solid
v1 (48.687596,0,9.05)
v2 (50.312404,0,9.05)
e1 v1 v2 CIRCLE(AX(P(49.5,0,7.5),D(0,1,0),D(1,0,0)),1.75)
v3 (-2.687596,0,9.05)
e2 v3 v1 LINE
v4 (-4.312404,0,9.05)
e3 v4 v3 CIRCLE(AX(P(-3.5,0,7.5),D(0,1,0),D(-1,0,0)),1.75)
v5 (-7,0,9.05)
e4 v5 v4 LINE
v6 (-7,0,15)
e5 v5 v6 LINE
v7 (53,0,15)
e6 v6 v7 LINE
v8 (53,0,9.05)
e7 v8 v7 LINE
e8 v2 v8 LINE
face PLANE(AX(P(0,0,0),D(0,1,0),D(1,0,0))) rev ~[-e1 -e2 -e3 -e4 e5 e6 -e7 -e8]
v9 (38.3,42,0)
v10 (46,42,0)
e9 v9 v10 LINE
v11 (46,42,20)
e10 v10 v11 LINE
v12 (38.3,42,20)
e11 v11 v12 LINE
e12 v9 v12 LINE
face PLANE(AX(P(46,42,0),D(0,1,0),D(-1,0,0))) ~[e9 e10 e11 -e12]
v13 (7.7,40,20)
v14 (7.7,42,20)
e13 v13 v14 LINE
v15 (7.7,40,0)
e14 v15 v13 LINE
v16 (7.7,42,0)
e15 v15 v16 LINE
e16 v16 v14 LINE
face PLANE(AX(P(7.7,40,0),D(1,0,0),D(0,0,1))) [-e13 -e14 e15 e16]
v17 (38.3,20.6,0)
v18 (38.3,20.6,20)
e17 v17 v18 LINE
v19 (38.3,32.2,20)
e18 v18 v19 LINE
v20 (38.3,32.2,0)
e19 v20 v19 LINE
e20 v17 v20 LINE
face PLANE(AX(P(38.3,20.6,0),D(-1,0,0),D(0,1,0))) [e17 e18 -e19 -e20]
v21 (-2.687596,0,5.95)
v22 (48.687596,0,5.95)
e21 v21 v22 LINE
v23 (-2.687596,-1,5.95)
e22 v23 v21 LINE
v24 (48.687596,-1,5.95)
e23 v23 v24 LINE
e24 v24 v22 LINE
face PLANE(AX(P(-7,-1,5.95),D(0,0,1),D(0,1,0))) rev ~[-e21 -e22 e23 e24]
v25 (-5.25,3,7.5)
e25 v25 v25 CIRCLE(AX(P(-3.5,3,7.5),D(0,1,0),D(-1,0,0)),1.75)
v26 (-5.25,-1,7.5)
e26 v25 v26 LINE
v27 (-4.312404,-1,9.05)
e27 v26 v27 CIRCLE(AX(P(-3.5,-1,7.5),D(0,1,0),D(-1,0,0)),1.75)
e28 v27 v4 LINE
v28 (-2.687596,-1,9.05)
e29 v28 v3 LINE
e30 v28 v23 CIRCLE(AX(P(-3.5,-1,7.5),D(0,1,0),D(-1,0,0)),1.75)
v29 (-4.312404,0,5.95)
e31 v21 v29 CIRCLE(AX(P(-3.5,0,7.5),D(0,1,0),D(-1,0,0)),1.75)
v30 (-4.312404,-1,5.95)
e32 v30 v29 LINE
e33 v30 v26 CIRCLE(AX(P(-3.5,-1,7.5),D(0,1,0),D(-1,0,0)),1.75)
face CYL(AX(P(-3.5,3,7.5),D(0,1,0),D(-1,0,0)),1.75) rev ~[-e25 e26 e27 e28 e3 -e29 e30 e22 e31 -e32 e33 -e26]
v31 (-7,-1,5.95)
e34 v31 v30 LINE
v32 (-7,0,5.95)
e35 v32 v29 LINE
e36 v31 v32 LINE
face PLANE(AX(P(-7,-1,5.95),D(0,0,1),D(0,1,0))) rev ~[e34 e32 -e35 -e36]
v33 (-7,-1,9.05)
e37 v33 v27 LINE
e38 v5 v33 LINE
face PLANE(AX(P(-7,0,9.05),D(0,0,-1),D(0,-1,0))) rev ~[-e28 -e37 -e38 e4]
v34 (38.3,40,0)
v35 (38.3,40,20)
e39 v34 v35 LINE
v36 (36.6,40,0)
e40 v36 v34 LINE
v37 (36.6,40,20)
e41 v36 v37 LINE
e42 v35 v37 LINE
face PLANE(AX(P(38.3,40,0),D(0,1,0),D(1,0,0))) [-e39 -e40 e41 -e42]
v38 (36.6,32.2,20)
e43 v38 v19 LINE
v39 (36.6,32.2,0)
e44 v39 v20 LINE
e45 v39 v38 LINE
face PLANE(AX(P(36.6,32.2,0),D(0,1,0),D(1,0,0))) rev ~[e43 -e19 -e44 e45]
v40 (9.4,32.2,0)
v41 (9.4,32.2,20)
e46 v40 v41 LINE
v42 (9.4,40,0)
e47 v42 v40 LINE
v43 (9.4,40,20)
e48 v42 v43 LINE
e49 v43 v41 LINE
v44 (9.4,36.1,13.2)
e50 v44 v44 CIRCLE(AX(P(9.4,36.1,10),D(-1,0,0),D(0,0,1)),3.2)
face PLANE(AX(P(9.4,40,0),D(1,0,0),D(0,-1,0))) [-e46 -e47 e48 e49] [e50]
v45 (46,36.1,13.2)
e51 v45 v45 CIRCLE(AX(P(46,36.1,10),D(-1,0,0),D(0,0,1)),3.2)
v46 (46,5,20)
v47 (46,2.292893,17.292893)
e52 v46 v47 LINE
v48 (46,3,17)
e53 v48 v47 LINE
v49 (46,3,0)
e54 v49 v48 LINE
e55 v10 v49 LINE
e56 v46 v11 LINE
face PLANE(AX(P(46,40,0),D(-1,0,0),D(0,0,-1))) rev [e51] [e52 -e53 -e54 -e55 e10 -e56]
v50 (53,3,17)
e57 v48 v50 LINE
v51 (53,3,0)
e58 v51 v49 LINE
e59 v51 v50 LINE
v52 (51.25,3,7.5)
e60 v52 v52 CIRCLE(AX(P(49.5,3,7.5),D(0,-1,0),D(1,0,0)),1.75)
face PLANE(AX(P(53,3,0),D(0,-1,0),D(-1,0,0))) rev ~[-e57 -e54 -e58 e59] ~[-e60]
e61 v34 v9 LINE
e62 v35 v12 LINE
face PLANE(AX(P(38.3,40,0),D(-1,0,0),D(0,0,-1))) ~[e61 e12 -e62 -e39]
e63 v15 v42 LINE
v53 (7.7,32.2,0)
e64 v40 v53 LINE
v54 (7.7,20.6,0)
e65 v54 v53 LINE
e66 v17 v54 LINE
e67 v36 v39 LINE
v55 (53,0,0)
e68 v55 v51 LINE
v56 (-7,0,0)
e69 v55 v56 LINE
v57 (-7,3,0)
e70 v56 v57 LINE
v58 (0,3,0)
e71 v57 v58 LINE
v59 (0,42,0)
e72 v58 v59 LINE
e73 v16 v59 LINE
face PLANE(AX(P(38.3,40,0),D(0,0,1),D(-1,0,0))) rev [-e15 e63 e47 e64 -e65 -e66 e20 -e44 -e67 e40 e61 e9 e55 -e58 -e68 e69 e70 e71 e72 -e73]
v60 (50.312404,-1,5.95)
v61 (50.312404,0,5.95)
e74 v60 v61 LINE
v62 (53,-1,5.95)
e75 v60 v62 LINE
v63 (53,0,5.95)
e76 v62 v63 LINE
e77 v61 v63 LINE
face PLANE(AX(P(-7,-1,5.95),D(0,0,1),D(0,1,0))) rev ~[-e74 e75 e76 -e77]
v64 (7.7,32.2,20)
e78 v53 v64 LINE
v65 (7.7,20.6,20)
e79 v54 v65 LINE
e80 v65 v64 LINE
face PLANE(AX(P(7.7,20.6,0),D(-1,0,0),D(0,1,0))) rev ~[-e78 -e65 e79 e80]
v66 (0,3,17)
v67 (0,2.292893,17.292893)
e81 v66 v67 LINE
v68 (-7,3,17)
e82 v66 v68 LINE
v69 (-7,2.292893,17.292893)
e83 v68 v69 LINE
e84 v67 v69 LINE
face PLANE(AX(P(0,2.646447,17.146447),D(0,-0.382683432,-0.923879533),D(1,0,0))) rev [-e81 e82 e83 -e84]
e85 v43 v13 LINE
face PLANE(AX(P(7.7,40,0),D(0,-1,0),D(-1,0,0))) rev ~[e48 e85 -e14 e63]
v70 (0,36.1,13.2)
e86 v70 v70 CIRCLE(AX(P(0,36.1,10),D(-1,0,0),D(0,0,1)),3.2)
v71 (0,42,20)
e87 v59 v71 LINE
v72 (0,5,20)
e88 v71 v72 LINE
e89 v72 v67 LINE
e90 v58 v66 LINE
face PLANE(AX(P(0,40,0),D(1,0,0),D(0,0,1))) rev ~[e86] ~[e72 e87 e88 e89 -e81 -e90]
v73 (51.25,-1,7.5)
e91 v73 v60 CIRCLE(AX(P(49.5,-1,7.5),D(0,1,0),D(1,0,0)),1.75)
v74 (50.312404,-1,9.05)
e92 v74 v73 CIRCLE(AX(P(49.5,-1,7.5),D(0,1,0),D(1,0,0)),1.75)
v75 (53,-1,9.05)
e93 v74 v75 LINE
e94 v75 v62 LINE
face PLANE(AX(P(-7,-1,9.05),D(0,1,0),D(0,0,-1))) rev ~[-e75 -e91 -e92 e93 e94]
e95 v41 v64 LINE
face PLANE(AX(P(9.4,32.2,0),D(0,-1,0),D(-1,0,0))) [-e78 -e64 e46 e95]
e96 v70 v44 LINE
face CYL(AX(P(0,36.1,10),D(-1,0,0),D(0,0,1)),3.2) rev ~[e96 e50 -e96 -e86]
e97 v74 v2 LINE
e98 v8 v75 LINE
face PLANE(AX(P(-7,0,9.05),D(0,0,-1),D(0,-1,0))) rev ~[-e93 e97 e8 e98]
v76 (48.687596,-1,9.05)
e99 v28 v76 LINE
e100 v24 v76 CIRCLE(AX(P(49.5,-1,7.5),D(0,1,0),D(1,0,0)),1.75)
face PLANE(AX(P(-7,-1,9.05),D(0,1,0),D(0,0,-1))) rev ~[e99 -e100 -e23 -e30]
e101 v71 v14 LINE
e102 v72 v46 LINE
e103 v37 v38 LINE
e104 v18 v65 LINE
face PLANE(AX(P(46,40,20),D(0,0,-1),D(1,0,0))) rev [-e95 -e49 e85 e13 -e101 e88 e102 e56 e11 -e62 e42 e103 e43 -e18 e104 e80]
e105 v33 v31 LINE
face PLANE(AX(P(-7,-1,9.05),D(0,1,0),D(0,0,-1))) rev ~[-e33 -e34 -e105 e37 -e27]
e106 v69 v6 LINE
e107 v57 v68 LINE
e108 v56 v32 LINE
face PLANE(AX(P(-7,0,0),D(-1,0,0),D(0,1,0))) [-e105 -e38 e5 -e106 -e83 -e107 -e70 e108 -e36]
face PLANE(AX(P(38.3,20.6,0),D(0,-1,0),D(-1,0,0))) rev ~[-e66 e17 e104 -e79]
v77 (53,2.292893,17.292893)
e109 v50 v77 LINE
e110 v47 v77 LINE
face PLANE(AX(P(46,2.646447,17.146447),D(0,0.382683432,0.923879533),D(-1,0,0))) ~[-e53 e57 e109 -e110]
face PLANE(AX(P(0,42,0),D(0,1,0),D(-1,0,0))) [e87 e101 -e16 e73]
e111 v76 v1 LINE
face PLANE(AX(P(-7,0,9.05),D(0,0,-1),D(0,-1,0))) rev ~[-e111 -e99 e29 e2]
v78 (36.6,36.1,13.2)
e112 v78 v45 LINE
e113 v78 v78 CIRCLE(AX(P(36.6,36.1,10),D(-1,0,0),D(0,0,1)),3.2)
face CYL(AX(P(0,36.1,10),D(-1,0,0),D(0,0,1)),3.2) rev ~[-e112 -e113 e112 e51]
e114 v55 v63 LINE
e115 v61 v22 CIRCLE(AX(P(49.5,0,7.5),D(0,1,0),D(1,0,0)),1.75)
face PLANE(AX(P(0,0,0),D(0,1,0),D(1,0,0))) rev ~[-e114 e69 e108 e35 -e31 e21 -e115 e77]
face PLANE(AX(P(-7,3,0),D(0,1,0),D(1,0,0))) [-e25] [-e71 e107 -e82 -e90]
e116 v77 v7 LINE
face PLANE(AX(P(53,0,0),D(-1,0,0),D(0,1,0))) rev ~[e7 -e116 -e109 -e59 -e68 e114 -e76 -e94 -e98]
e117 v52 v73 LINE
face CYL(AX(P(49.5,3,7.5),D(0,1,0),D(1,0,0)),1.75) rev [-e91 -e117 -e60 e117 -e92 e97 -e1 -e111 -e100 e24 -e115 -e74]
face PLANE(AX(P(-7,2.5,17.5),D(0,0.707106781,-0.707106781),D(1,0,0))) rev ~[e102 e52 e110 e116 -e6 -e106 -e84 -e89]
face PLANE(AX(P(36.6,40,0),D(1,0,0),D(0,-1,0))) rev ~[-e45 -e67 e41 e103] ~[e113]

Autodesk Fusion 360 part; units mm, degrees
sketch "Sketch1" plane through (0, 0, 0) normal (0, 0, 1) x (1, 0, 0)
  line L0 (0, 0) -> (46, 0)
  line L1 (46, 0) -> (46, 20.6)
  line L2 (46, 20.6) -> (0, 20.6)
  line L3 (0, 20.6) -> (0, 0)
  line L4 (0, 20.6) -> (7.7, 20.6)
  line L5 (7.7, 20.6) -> (7.7, 40)
  line L6 (7.7, 40) -> (0, 40)
  line L7 (0, 40) -> (0, 20.6)
  line L8 (7.7, 40) -> (9.4, 40)
  line L9 (9.4, 40) -> (9.4, 32.2)
  line L10 (9.4, 32.2) -> (7.7, 32.2)
  line L11 (7.7, 32.2) -> (7.7, 40)
  line L12 (23, 20.6) -> (23, 0) construction
  line L13 (46, 20.6) -> (38.3, 20.6)
  line L14 (38.3, 20.6) -> (38.3, 40)
  line L15 (46, 40) -> (46, 20.6)
  line L16 (38.3, 40) -> (46, 40)
  line L17 (38.3, 40) -> (36.6, 40)
  line L18 (36.6, 32.2) -> (38.3, 32.2)
  line L19 (38.3, 32.2) -> (38.3, 40)
  line L20 (36.6, 40) -> (36.6, 32.2)
  line L21 (0, 0) -> (-7, 0)
  line L22 (-7, 0) -> (-7, 3)
  line L23 (-7, 3) -> (0, 3)
  line L24 (0, 3) -> (0, 0)
  line L25 (46, 0) -> (53, 0)
  line L26 (53, 0) -> (53, 3)
  line L27 (53, 3) -> (46, 3)
  line L28 (46, 3) -> (46, 0)
  dimension "d1" = 20.6
  dimension "d2" = 46
  dimension "d3" = 7.7
  dimension "d6" = 40
  dimension "d7" = 7.8
  dimension "d8" = 1.7
  dimension "d9" = 7
  dimension "d10" = 3
  dimension "d11" = 3
  dimension "d12" = 7
extrude "Extrude1" add sketch "Sketch1" along normal blind 20
chamfer "Chamfer1" distance 5 angle 45 1 edges at (23, 0, 20)
sketch "Sketch2" plane through (-7, 0, 0) normal (-1, 0, 0) x (0, 0, 1)
  line L0 (15, 0) -> (18, 3)
  line L1 (18, 3) -> (0, 3)
  line L2 (0, 3) -> (0, 0)
  line L3 (0, 0) -> (15, 0)
  line L4 (5.95, 0) -> (9.05, 0)
  line L5 (9.05, 0) -> (9.05, -1)
  line L6 (9.05, -1) -> (5.95, -1)
  line L7 (5.95, -1) -> (5.95, 0)
  point P0 (7.5, 0)
  dimension "d16" = 1
  dimension "d17" = 3.1
extrude "Extrude2" add sketch "Sketch2" against normal up to surface (60 mm away) contours L3 L4 L5 L6 L7
sketch "Sketch3" plane through (0, 0, 0) normal (-1, 0, 0) x (0, 0, 1)
  line L0 (18, 3) -> (20, 5)
  line L1 (20, 5) -> (20, 40)
  line L2 (20, 40) -> (0, 40)
  line L3 (0, 40) -> (0, 3)
  line L4 (0, 3) -> (18, 3)
  circle A0 centre (10, 36.1) radius 3.2
  line L5 (0, 40) -> (0, 32.2)
  point P0 (10, 40)
  point P1 (0, 36.1)
  dimension "d20" = 6.4
extrude "Extrude3" cut sketch "Sketch3" against normal through all contours A0
sketch "Sketch4" plane through (0, 40, 0) normal (0, 1, 0) x (-1, 0, 0)
  line L0 (-9.4, 0) -> (0, 0)
  line L1 (0, 0) -> (0, 20)
  line L2 (0, 20) -> (-9.4, 20)
  line L3 (-9.4, 20) -> (-9.4, 0)
  line L4 (0, 0) -> (-7.7, 0)
  line L5 (-7.7, 0) -> (-7.7, 20)
  line L6 (-7.7, 20) -> (0, 20)
  line L7 (0, 20) -> (0, 0)
  point P0 (-7.7, 0)
extrude "Extrude4" add sketch "Sketch4" along normal blind 2 contours L0 L1 L2 L4 L5 L6 L7
ref_plane "WorkPlane1" through (23, 22.5, 10) normal (-1, 0, 0) x (0, -1, 0)
mirror "Mirror1" about plane through (23, 22.5, 10) normal (-1, 0, 0) of "Extrude4"
sketch "Sketch5" plane through (0, 3, 0) normal (0, 1, 0) x (-1, 0, 0)
  line L0 (7, 18) -> (0, 18)
  line L1 (0, 18) -> (0, 0)
  line L2 (0, 0) -> (7, 0)
  line L3 (7, 0) -> (7, 18)
  line L4 (7, 9.05) -> (7, 5.95)
  circle A0 centre (3.5, 7.5) radius 1.75
  point P0 (7, 7.5)
  dimension "d25" = 3.5
  dimension "d26" = 3.5
extrude "Extrude5" cut sketch "Sketch5" against normal blind 5 contours A0
mirror "Mirror2" about plane through (23, 22.5, 10) normal (-1, 0, 0) of "Extrude5"
chamfer "Chamfer2" distance 1 angle 45 2 edges at (49.5, 3, 18) (-3.5, 3, 18)
equation "d11 = d10"
equation "d12 = d9"
